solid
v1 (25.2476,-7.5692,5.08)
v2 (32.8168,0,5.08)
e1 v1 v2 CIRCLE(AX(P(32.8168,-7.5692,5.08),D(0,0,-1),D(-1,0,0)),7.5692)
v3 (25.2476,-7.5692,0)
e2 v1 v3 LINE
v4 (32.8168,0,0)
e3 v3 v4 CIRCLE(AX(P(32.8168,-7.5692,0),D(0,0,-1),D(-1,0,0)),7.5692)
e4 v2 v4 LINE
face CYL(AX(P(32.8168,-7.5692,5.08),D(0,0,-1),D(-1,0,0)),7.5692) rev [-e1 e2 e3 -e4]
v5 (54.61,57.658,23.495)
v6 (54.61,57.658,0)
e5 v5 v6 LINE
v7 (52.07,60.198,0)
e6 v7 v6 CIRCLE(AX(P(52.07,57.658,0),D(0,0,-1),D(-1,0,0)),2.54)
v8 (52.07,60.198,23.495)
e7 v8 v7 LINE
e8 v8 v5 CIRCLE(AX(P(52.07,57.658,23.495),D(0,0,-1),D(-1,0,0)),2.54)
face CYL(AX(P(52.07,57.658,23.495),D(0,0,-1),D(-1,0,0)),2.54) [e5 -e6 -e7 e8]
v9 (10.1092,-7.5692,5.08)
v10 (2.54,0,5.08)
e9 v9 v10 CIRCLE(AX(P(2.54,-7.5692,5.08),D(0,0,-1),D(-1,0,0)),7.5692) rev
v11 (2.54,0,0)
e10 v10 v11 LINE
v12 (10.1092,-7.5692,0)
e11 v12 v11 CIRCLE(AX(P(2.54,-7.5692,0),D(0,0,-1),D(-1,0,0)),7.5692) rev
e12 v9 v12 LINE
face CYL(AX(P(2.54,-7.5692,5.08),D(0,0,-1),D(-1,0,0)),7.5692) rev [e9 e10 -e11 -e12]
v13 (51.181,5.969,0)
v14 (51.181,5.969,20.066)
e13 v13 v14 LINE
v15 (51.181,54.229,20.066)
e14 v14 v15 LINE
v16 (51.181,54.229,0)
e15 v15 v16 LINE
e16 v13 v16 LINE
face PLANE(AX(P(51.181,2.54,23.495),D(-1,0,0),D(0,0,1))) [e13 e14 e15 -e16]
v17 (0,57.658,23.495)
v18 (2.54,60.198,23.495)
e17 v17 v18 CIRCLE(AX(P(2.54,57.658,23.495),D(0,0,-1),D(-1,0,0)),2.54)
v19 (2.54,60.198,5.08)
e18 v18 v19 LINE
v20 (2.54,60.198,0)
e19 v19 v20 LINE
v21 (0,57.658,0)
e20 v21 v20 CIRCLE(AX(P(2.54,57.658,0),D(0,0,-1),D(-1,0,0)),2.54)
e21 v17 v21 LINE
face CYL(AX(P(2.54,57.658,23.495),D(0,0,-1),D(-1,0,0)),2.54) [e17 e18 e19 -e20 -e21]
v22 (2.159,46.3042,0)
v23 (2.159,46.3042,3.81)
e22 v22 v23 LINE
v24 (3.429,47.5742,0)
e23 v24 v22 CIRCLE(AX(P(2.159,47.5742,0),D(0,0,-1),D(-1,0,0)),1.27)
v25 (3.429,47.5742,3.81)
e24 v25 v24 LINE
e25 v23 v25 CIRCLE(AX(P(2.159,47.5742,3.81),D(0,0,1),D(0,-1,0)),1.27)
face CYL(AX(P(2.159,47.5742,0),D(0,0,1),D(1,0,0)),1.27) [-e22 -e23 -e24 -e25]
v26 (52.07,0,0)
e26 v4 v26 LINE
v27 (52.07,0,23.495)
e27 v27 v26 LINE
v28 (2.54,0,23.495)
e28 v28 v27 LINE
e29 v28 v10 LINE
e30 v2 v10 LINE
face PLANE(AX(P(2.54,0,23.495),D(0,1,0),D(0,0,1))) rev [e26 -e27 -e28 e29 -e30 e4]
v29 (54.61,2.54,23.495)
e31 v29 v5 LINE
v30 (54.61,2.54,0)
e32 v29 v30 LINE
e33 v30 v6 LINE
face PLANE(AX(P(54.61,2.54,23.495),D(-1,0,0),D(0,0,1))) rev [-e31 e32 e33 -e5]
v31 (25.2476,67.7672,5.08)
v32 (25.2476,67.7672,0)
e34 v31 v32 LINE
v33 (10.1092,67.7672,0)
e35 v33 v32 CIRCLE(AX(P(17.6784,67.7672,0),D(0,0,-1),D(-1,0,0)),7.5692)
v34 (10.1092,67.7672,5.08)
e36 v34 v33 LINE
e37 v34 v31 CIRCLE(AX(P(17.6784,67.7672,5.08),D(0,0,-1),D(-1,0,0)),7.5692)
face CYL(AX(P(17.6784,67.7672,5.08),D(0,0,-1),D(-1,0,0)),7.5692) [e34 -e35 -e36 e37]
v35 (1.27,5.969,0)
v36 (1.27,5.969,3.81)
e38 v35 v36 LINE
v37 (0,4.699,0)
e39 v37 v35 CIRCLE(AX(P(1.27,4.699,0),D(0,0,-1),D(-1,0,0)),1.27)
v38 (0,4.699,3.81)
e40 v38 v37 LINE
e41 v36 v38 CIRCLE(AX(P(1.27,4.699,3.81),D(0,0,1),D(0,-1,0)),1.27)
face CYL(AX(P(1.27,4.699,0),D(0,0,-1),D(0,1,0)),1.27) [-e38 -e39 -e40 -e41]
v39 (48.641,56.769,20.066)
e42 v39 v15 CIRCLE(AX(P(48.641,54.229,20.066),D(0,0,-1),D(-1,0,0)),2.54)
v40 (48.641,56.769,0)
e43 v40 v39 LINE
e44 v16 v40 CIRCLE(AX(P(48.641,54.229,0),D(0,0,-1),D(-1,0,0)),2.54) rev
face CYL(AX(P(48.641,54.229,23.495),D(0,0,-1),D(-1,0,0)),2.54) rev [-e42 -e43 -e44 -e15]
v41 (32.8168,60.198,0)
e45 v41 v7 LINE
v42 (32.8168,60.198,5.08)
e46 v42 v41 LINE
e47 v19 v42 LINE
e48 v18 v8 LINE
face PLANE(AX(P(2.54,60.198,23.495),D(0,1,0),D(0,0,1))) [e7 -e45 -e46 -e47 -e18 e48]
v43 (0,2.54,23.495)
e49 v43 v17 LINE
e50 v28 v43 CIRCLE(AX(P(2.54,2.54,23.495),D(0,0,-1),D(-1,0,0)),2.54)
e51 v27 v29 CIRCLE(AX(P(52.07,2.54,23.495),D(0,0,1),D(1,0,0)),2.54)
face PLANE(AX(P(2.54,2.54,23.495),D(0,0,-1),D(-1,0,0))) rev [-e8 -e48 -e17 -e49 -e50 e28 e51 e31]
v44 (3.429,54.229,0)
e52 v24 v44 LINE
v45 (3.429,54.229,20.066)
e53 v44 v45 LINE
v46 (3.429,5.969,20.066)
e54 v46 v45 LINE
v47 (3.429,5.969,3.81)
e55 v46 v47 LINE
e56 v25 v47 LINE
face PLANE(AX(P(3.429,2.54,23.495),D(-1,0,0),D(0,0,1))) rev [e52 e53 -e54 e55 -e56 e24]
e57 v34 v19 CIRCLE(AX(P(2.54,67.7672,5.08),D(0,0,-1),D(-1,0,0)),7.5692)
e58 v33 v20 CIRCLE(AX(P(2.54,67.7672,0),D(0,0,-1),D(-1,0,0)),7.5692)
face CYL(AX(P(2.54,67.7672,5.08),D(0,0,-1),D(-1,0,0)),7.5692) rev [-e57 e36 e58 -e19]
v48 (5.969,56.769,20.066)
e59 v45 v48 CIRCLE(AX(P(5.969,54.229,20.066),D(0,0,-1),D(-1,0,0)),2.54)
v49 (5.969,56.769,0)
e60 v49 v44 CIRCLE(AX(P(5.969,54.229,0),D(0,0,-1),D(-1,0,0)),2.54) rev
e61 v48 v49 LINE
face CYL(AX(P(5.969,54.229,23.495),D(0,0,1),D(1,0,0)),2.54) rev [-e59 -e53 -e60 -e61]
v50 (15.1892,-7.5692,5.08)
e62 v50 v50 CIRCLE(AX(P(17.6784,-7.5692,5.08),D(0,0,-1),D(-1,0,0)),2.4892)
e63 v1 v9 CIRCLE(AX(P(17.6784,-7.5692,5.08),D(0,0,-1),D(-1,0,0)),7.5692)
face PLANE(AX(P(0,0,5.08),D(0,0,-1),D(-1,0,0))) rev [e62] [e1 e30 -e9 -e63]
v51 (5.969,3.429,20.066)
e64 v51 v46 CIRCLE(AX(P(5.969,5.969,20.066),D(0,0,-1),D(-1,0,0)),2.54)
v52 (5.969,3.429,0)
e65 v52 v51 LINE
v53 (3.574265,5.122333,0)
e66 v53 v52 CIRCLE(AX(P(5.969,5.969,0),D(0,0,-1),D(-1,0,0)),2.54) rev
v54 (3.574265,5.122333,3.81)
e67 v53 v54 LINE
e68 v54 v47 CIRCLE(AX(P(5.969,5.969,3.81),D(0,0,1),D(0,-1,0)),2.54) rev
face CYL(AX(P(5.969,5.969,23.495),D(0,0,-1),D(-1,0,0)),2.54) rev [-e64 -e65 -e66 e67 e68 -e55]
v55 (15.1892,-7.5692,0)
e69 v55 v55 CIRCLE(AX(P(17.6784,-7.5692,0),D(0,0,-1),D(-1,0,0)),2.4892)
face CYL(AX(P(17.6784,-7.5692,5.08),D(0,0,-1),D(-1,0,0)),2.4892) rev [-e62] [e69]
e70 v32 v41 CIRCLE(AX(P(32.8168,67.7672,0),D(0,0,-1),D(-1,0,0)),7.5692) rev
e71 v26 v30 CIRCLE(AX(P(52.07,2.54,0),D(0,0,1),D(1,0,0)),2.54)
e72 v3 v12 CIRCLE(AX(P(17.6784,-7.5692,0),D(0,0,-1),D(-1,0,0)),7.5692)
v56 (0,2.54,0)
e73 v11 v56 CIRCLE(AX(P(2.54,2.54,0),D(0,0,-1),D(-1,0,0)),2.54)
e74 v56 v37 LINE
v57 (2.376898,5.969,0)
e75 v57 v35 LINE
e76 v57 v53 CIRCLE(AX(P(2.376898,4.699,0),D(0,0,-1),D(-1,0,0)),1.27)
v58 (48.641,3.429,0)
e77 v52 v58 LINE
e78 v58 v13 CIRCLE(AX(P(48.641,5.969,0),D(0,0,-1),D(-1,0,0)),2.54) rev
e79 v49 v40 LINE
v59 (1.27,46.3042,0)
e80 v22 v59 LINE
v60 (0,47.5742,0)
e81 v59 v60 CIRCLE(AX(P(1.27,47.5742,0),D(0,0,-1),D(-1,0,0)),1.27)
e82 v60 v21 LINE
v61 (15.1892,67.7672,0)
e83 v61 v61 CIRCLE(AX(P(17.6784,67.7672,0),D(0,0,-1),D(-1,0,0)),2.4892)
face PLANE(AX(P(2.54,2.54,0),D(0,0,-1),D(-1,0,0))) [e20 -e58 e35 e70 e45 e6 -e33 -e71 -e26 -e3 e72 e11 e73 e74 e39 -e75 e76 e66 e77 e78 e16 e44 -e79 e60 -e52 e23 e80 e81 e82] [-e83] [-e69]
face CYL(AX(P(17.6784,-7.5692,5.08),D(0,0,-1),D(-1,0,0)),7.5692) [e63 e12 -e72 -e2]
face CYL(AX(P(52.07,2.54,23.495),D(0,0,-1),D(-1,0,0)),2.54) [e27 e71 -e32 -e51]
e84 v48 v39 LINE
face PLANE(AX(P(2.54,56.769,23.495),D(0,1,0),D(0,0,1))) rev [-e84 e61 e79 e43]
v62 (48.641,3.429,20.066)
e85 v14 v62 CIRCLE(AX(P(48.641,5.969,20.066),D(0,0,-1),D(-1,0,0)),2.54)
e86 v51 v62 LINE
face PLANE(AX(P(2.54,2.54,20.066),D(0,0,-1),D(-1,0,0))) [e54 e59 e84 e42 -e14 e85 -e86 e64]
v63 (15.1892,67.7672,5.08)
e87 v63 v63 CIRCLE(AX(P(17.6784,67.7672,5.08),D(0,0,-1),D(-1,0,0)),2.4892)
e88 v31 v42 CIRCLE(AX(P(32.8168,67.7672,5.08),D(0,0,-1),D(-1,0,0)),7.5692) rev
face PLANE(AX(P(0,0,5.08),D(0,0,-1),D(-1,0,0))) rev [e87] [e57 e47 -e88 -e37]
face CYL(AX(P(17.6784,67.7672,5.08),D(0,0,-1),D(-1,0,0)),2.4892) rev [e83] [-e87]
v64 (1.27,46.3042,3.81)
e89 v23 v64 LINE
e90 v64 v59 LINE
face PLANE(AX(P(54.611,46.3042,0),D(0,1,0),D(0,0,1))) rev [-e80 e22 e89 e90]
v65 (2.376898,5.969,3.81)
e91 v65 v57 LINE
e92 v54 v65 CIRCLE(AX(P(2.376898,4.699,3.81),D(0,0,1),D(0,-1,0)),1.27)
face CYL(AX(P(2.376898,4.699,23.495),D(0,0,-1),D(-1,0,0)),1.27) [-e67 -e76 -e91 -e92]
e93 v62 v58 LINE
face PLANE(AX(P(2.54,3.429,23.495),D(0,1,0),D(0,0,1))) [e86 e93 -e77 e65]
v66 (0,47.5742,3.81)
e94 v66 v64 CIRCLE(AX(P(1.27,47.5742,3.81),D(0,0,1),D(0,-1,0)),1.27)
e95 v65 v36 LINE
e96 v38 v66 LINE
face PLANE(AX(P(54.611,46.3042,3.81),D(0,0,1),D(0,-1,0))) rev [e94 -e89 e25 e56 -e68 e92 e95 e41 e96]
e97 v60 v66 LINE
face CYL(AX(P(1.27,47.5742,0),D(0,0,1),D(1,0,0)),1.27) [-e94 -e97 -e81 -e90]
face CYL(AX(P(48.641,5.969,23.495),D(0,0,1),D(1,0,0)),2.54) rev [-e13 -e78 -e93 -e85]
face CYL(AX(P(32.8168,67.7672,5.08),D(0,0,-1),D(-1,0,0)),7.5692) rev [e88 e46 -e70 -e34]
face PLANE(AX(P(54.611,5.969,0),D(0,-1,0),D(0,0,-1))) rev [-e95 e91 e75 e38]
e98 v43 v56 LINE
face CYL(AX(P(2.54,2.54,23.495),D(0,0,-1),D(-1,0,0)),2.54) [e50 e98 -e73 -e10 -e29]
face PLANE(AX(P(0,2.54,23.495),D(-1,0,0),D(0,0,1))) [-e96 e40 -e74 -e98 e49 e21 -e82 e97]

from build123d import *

# Parameters (mm, degrees)
BOSS_EXTRUDE1_DEPTH = 23.495
SHELL1_T            = -3.429
FILLET1_R           = 2.54
SKETCH2_R           = 7.5692
SKETCH2_R_2         = 2.4892
BOSS_EXTRUDE2_DEPTH = 5.08
CUT_EXTRUDE1_REACH  = 56.61
SKETCH3_W           = 3.81
SKETCH3_H           = 40.3352
FILLET2_R           = 1.27


with BuildPart() as part:
    # Sketch1 → Boss-Extrude1 (new body)
    with BuildSketch(Plane.XY):
        with BuildLine():
            Line((2.54, 0), (52.07, 0))
            ThreePointArc((52.07, 0), (53.866051224, 0.743948776), (54.61, 2.54))
            Line((54.61, 2.54), (54.61, 57.658))
            ThreePointArc((54.61, 57.658), (53.866051224, 59.454051224), (52.07, 60.198))
            Line((52.07, 60.198), (2.54, 60.198))
            ThreePointArc((2.54, 60.198), (0.743948776, 59.454051224), (0, 57.658))
            Line((0, 57.658), (0, 2.54))
            ThreePointArc((0, 2.54), (0.743948776, 0.743948776), (2.54, 0))
        make_face()
    extrude(amount=BOSS_EXTRUDE1_DEPTH)

    # Shell1
    shell1_openings = [part.faces().sort_by_distance(p)[0] for p in [
        (27.305, 30.099, 0),
    ]]
    offset(amount=SHELL1_T, openings=shell1_openings, kind=Kind.INTERSECTION)

    # Fillet1
    fillet1_edges = [part.edges().sort_by_distance(p)[0] for p in [
        (3.429, 3.429, 10.033),
        (51.181, 3.429, 10.033),
        (51.181, 56.769, 10.033),
        (3.429, 56.769, 10.033),
    ]]
    fillet(fillet1_edges, radius=FILLET1_R)

    # Sketch2 → Boss-Extrude2 (add)
    with BuildSketch(Plane(origin=(0, 0, 0), x_dir=(-1, 0, 0), z_dir=(0, 0, -1))):
        with BuildLine():
            ThreePointArc((-17.6784, 60.198), (-23.030632648, 62.414967352), (-25.2476, 67.7672))
            ThreePointArc((-25.2476, 67.7672), (-27.464567352, 62.414967352), (-32.8168, 60.198))
            Line((-32.8168, 60.198), (-17.6784, 60.198))
        make_face()
        with Locations((-17.6784, 67.7672)):
            Circle(SKETCH2_R)
        with Locations((-17.6784, 67.7672)):
            Circle(SKETCH2_R_2, mode=Mode.SUBTRACT)
        with BuildLine():
            ThreePointArc((-2.54, 60.198), (-7.892232648, 62.414967352), (-10.1092, 67.7672))
            ThreePointArc((-10.1092, 67.7672), (-12.326167352, 62.414967352), (-17.6784, 60.198))
            Line((-17.6784, 60.198), (-2.54, 60.198))
        make_face()
        with Locations((-17.6784, -7.5692)):
            Circle(SKETCH2_R)
        with Locations((-17.6784, -7.5692)):
            Circle(SKETCH2_R_2, mode=Mode.SUBTRACT)
        with BuildLine():
            ThreePointArc((-32.8168, 0), (-27.464567352, -2.216967352), (-25.2476, -7.5692))
            ThreePointArc((-25.2476, -7.5692), (-23.03063266, -2.216967364), (-17.678400033, 0))
            Line((-17.678400033, 0), (-32.8168, 0))
        make_face()
        with BuildLine():
            ThreePointArc((-17.678400033, 0), (-12.326167364, -2.21696734), (-10.1092, -7.5692))
            ThreePointArc((-10.1092, -7.5692), (-7.892232648, -2.216967352), (-2.54, 0))
            Line((-2.54, 0), (-17.678400033, 0))
        make_face()
    extrude(amount=-BOSS_EXTRUDE2_DEPTH)

    # Sketch3 → Cut-Extrude1 (cut, up to next)
    with BuildSketch(Plane.ZY, mode=Mode.PRIVATE) as cut_extrude1_sk1:
        with Locations((1.905, 26.1366)):
            Rectangle(SKETCH3_W, SKETCH3_H)
    cut_extrude1_tool1 = extrude(cut_extrude1_sk1.sketch, amount=-CUT_EXTRUDE1_REACH, mode=Mode.PRIVATE) & part.part
    add(cut_extrude1_tool1.solids().sort_by_distance((0, 26.1366, 1.905))[0], mode=Mode.SUBTRACT)

    # Fillet2
    fillet2_edges = [part.edges().sort_by_distance(p)[0] for p in [
        (3.429, 46.3042, 1.905),
        (3.429, 5.969, 1.905),
        (0, 5.969, 1.905),
        (0, 46.3042, 1.905),
    ]]
    fillet(fillet2_edges, radius=FILLET2_R)


solid = part.part
